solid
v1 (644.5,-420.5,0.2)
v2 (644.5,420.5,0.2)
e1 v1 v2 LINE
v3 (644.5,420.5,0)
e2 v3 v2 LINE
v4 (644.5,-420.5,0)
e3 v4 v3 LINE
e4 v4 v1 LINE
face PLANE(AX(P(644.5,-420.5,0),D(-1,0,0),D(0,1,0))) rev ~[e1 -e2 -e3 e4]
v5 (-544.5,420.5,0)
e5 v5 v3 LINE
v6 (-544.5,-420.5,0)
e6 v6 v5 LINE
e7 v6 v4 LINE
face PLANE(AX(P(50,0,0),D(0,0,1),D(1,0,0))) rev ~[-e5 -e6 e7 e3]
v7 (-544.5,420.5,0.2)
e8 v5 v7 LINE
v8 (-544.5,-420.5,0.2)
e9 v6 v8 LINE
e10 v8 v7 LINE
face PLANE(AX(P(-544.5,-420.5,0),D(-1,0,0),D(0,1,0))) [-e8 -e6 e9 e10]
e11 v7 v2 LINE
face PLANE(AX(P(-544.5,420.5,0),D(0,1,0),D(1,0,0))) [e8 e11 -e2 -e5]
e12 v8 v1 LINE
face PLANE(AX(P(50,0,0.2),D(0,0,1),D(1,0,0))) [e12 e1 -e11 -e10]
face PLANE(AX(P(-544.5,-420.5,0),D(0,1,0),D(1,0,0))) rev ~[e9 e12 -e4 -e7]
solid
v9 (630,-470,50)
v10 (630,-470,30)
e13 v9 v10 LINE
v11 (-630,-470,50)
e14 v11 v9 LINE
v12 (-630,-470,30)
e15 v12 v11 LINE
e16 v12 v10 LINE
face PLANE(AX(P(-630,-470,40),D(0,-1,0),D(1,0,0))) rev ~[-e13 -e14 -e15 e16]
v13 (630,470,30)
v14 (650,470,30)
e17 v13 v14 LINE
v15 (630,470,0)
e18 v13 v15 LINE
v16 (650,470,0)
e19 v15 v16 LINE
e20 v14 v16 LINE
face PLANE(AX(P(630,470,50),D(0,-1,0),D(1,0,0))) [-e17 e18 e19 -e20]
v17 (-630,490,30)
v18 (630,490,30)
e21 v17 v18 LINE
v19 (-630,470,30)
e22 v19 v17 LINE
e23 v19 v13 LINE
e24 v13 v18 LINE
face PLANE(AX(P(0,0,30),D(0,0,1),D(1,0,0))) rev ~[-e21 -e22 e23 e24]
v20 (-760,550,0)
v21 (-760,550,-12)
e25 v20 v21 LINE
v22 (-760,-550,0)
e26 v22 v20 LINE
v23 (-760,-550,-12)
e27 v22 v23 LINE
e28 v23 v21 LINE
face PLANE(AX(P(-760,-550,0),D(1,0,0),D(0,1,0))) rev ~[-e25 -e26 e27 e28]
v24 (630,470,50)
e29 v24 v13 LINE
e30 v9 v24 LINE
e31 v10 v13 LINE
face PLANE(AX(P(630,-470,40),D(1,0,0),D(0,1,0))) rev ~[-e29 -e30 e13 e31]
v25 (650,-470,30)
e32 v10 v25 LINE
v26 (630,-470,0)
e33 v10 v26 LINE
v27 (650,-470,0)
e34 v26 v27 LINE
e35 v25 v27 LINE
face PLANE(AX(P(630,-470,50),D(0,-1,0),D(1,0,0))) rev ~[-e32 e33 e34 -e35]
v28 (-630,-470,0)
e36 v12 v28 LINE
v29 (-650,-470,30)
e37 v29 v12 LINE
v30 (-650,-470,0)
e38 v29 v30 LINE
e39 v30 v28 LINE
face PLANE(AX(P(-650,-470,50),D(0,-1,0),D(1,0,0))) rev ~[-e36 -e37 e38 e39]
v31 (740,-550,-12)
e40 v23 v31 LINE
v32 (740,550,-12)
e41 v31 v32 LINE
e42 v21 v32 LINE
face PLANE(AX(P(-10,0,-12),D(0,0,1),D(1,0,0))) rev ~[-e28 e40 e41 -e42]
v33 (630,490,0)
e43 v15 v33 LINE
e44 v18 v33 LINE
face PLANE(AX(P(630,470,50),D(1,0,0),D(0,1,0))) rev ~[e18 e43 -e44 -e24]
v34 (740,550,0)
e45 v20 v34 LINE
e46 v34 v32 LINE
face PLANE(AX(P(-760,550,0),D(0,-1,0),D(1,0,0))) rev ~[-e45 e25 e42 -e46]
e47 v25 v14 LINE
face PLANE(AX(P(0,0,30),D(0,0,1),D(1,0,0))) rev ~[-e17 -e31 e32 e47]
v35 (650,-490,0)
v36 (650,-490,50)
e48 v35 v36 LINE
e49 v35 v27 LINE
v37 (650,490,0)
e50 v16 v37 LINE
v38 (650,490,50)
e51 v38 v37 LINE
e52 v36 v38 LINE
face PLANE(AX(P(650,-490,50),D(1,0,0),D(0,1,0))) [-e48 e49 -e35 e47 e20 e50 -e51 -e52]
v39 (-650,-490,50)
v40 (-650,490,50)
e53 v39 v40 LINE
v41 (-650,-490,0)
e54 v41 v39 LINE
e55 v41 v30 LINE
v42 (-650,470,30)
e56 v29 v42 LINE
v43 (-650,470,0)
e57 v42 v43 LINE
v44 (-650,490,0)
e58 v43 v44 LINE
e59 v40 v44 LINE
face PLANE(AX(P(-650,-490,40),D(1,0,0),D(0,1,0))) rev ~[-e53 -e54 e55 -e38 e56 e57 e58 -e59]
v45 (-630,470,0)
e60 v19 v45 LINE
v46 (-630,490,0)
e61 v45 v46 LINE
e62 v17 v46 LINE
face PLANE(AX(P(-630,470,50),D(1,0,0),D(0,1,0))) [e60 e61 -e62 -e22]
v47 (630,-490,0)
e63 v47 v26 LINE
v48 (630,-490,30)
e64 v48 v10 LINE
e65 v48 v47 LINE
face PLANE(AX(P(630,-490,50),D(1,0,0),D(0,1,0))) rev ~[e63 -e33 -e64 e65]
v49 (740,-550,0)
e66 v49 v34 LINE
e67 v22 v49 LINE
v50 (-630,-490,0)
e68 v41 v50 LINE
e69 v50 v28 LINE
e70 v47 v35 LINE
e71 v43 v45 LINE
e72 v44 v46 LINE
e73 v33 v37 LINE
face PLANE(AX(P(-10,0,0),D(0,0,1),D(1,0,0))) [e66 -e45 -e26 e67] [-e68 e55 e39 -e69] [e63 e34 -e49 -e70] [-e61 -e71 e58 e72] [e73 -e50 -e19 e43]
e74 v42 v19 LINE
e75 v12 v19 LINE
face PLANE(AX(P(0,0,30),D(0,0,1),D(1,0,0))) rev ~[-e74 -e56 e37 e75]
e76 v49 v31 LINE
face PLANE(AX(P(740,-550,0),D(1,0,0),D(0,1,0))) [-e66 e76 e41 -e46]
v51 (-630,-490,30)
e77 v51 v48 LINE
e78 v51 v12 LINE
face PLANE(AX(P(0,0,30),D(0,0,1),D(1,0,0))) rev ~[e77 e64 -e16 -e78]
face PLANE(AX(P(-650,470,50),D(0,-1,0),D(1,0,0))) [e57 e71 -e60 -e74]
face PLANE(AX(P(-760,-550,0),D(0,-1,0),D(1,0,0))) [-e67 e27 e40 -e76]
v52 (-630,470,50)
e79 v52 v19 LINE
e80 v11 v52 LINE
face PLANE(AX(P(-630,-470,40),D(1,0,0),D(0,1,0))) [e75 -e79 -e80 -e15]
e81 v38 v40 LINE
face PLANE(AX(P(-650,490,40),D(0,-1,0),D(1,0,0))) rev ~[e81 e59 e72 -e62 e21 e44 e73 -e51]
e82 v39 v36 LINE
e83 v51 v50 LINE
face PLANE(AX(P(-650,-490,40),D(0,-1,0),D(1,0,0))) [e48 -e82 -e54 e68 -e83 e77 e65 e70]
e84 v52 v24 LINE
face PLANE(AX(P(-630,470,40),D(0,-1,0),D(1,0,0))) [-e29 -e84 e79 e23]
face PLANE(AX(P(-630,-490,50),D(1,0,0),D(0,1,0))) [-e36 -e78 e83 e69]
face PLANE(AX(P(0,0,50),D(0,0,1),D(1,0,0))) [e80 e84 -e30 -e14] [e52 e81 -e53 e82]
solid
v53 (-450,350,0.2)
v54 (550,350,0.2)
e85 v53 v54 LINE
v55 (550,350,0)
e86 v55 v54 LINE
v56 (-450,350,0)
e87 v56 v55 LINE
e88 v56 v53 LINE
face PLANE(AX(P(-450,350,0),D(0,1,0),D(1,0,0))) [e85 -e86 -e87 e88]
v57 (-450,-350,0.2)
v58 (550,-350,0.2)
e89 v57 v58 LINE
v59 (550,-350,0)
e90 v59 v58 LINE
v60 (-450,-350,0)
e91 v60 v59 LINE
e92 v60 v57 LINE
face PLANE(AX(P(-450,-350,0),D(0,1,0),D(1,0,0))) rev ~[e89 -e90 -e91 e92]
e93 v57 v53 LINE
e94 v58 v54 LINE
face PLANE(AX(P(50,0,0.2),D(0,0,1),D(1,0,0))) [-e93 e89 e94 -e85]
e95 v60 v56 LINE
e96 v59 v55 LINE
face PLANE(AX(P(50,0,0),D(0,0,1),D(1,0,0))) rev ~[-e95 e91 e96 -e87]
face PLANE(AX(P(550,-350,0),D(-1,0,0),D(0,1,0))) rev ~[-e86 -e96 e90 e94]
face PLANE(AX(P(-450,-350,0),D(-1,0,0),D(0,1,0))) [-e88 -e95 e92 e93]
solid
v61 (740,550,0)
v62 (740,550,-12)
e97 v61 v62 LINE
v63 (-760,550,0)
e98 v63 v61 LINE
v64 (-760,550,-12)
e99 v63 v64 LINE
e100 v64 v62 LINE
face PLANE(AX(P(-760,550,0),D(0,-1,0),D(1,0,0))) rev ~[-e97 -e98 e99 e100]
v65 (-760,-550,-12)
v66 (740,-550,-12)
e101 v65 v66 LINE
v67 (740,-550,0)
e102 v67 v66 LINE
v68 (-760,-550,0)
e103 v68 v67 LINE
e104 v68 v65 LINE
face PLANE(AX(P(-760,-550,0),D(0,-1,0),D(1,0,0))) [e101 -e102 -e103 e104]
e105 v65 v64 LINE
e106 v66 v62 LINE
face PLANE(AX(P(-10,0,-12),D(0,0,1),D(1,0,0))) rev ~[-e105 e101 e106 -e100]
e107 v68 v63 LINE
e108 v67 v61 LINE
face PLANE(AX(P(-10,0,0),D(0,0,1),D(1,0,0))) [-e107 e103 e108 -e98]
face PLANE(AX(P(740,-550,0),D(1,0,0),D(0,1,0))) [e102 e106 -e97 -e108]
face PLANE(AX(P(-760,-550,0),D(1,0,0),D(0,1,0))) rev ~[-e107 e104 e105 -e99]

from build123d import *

# Parameters (mm, degrees)
F1_W      = 1500
F1_H      = 1100
F3_DEPTH  = 12
F5_W      = 1300
F5_H      = 980
F5_W_2    = 1260
F5_H_2    = 940
F6_DEPTH  = 10
F7_W      = 20
F7_H      = 20
F8_DEPTH  = 50
F9_DEPTH  = 12
F10_W     = 1189
F10_H     = 841
F11_DEPTH = 0.2
F12_W     = 1000
F12_H     = 700
F13_DEPTH = 0.2


with BuildPart() as f3:
    # F1 (on Top) → F3 (new body)
    with BuildSketch(Plane.XY):
        with Locations((-10, 0)):
            Rectangle(F1_W, F1_H)
    extrude(amount=-F3_DEPTH)



with BuildPart() as f6:
    # F5 (on offset) → F6 (new body, symmetric)
    with BuildSketch(Plane.XY.offset(40)):
        Rectangle(F5_W, F5_H)
        Rectangle(F5_W_2, F5_H_2, mode=Mode.SUBTRACT)
    extrude(amount=F6_DEPTH, both=True)


with BuildPart() as f3_1:
    add(f3.part)

    add(f6.part)  # F8 merges F6
    # F7 (on face) → F8 (join, through all)
    with BuildSketch(Plane.XY.offset(50)):
        with Locations((-640, 480)):
            Rectangle(F7_W, F7_H)
        with Locations((640, 480)):
            Rectangle(F7_W, F7_H)
        with Locations((640, -480)):
            Rectangle(F7_W, F7_H)
        with Locations((-640, -480)):
            Rectangle(F7_W, F7_H)
    extrude(amount=-F8_DEPTH)


with BuildPart() as f9:
    # F1 (on Top) → F9 (new body)
    with BuildSketch(Plane.XY):
        with Locations((-10, 0)):
            Rectangle(F1_W, F1_H)
    extrude(amount=-F9_DEPTH)


with BuildPart() as f11:
    # F10 (on face) → F11 (new body)
    with BuildSketch(Plane.XY):
        with Locations((50, 0)):
            Rectangle(F10_W, F10_H)
    extrude(amount=F11_DEPTH)


with BuildPart() as f13:
    # F12 (on face) → F13 (new body)
    with BuildSketch(Plane.XY):
        with Locations((50, 0)):
            Rectangle(F12_W, F12_H)
    extrude(amount=F13_DEPTH)


solid = Compound([f3_1.part, f9.part, f11.part, f13.part])
